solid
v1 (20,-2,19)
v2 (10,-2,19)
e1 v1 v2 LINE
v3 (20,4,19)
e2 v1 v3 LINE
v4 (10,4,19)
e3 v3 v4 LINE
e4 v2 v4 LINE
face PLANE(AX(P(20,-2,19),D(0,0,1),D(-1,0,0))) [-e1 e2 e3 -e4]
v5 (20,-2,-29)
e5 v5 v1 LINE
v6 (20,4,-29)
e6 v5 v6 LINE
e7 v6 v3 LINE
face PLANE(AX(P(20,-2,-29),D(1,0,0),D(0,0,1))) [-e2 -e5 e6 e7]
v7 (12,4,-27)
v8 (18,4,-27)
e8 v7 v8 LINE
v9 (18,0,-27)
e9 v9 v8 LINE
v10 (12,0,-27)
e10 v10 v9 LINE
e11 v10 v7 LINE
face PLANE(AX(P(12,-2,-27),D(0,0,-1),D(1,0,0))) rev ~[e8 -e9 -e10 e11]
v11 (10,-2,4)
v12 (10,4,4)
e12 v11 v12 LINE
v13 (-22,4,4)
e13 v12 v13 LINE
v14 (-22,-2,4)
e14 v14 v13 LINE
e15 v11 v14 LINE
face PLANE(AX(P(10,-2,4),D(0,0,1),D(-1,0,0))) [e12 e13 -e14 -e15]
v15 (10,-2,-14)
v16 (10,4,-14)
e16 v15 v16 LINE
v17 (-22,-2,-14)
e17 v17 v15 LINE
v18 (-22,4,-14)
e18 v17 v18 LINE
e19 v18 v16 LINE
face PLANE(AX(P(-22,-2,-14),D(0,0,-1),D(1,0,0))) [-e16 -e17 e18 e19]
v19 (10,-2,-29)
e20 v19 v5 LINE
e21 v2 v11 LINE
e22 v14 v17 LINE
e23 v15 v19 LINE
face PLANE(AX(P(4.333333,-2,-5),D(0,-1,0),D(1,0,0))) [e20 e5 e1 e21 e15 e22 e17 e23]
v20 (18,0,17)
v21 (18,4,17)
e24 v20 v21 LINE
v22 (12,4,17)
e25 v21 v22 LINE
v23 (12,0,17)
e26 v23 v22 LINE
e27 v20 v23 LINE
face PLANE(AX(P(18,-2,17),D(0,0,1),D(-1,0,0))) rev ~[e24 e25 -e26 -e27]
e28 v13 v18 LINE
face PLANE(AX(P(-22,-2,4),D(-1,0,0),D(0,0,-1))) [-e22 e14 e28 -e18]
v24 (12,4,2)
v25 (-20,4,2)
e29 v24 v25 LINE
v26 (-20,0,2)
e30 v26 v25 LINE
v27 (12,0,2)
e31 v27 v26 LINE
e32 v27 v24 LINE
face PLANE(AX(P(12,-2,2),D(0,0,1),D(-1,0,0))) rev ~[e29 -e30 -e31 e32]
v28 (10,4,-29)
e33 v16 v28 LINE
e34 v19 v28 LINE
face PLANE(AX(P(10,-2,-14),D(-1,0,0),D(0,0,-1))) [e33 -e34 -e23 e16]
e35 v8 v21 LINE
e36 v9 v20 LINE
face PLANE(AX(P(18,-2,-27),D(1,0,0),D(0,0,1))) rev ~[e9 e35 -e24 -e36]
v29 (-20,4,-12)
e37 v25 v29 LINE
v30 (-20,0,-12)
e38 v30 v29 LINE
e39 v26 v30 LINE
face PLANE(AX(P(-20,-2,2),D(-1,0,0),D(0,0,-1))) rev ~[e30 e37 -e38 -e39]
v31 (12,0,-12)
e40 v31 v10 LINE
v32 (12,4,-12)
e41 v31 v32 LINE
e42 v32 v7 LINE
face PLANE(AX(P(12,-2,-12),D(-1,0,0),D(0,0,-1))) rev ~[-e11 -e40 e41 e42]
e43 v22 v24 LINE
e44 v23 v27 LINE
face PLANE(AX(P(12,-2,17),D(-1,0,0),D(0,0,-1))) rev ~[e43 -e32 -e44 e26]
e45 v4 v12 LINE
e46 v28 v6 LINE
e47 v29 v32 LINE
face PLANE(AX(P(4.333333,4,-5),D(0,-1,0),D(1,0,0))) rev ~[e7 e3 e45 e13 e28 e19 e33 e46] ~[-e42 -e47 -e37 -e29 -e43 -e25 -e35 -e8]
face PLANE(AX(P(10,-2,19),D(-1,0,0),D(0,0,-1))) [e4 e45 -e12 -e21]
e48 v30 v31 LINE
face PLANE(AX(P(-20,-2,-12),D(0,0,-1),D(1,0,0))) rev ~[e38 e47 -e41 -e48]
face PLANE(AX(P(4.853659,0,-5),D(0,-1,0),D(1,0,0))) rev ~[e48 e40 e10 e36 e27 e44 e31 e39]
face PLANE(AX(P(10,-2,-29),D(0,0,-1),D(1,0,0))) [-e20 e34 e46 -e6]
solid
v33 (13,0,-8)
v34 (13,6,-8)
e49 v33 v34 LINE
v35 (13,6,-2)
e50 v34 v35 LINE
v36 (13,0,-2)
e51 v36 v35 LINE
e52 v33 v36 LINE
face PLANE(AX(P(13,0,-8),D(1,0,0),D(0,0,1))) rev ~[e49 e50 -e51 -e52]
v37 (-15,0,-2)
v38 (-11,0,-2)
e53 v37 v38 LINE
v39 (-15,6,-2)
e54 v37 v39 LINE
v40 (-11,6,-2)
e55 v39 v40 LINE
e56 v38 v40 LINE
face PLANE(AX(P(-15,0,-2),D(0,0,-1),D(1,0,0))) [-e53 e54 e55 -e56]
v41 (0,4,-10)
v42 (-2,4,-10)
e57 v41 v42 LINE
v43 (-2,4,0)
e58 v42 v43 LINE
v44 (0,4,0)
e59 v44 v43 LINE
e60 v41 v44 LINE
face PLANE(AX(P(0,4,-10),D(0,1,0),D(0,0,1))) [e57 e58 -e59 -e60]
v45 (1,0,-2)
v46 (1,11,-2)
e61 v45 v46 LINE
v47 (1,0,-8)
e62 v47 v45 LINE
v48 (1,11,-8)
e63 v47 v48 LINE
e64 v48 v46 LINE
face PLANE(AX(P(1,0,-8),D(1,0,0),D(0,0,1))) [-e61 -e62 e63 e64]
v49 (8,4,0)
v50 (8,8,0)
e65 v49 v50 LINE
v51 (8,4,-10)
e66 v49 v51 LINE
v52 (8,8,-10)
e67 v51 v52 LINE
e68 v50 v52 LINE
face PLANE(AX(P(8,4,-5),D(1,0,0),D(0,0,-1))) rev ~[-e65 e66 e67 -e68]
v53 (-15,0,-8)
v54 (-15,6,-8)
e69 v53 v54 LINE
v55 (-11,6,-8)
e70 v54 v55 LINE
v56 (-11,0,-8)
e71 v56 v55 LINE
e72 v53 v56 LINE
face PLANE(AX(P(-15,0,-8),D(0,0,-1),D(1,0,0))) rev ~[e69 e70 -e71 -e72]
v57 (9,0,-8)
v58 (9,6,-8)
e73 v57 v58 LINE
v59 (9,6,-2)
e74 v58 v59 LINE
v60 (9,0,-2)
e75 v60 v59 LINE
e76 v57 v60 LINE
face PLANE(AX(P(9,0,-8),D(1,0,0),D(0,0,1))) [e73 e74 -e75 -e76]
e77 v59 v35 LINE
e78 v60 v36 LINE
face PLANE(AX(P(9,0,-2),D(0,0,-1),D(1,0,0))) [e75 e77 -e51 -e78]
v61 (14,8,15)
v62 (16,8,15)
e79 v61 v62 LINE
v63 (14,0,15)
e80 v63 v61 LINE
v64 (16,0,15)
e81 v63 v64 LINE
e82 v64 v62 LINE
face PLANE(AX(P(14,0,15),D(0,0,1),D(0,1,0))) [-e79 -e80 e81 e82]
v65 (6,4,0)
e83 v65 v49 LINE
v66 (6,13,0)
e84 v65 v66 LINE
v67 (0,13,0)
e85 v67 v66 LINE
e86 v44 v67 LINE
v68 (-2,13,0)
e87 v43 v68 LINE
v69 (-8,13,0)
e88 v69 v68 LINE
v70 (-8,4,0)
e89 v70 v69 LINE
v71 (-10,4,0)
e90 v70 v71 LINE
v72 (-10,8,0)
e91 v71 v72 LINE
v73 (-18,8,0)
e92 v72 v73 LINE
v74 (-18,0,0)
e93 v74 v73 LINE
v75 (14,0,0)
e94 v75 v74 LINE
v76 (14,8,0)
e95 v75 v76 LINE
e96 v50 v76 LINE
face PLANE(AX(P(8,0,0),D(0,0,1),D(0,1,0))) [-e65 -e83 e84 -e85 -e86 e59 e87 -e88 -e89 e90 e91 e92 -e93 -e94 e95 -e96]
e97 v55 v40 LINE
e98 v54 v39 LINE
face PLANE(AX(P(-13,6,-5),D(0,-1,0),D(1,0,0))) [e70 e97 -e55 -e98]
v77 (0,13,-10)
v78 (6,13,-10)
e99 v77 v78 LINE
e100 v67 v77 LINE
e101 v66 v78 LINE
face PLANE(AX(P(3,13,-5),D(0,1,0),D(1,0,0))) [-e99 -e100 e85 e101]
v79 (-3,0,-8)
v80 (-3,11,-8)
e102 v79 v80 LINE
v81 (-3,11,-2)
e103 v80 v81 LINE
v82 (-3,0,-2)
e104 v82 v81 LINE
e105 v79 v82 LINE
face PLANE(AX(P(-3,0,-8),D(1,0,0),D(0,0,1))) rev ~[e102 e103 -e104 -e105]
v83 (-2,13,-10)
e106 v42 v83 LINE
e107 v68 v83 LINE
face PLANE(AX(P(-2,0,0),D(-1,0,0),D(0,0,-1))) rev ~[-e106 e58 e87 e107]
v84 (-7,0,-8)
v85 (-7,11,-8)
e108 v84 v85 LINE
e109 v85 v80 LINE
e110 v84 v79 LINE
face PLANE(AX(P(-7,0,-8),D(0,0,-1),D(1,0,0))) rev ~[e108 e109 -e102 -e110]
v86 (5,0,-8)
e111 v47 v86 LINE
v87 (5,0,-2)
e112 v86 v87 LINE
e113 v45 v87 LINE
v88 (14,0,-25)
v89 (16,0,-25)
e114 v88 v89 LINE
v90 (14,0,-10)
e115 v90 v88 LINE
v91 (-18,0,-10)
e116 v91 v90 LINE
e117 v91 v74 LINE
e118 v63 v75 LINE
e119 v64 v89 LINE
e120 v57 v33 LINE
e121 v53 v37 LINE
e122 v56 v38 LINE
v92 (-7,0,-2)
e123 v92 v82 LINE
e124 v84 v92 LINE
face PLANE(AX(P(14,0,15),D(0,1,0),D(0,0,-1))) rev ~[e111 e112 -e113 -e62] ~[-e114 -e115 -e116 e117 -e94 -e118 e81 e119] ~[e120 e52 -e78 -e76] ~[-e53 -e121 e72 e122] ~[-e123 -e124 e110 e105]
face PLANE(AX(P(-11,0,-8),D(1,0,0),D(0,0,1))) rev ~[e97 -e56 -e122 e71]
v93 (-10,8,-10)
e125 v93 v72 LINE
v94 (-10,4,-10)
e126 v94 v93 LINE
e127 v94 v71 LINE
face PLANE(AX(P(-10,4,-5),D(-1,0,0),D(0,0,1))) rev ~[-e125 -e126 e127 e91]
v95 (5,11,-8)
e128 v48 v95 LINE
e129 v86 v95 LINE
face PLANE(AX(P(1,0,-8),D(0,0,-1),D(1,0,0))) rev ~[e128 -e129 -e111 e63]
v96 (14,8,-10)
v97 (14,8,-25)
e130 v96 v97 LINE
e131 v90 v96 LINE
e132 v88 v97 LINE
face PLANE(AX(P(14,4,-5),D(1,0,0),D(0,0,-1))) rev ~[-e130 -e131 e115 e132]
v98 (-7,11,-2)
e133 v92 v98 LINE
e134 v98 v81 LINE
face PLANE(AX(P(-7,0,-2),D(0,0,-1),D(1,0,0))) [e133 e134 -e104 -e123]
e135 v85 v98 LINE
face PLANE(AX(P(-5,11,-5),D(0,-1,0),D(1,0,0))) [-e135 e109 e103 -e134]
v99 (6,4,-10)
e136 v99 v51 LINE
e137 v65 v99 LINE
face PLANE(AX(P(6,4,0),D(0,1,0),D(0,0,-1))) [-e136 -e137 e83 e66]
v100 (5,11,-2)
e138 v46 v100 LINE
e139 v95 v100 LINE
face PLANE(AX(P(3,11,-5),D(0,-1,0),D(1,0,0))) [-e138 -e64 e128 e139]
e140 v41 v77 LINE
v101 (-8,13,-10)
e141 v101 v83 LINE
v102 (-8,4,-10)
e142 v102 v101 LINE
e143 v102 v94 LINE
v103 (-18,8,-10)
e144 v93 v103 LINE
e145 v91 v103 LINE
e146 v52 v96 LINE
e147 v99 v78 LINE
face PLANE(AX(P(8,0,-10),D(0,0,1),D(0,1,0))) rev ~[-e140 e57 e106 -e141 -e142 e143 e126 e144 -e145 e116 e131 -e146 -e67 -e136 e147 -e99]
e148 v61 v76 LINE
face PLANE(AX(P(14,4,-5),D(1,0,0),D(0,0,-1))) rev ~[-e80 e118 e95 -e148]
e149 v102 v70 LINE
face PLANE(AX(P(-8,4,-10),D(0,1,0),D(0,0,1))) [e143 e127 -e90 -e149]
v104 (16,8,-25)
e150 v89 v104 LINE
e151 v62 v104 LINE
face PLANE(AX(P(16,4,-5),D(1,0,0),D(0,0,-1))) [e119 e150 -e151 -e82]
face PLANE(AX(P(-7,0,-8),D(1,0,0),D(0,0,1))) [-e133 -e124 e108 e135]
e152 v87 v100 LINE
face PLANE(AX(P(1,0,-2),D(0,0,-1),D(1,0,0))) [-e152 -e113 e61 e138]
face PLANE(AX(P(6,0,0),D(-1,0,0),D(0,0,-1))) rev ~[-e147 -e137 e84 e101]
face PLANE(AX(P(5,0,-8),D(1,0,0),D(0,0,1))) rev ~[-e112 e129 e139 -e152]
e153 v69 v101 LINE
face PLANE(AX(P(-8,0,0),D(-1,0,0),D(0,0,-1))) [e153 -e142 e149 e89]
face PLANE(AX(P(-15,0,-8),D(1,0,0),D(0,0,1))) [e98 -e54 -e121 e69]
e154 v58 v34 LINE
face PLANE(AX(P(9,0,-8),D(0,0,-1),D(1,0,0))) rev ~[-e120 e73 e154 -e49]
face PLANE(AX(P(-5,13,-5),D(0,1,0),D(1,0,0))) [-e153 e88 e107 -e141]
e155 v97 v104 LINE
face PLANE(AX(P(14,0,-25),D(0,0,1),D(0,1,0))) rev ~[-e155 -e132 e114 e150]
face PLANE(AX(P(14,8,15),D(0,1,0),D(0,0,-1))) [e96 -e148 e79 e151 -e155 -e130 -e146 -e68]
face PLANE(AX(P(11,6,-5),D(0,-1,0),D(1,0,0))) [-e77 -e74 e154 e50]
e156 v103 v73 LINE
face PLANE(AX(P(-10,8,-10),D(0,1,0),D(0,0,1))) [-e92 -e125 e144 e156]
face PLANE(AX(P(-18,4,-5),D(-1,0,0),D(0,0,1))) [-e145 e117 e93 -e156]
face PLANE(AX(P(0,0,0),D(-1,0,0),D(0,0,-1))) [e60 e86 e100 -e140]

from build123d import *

# Parameters (mm, degrees)
SKETCH1_W            = 6
SKETCH1_H            = 10
BOSS_EXTRUDE1_DEPTH  = 13
SKETCH2_W            = 4
SKETCH2_H            = 6
CUT_EXTRUDE1_DEPTH   = 11
SKETCH3_W            = 10
SKETCH3_H            = 4
BOSS_EXTRUDE2_DEPTH  = 2
LPATTERN1_COUNT      = 2
LPATTERN1_PITCH      = 8
SKETCH18_W           = 10
SKETCH18_H           = 8
BOSS_EXTRUDE3_DEPTH  = 8
SKETCH20_W           = 10
SKETCH20_H           = 4
BOSS_EXTRUDE4_DEPTH  = 2
SKETCH21_W           = 10
SKETCH21_H           = 8
BOSS_EXTRUDE5_DEPTH  = 6
SKETCH22_W           = 40
SKETCH22_H           = 8
BOSS_EXTRUDE6_DEPTH  = 2
SKETCH23_W           = 4
SKETCH23_H           = 6
CUT_EXTRUDE2_DEPTH   = 6
BOSS_EXTRUDE15_DEPTH = 2
BOSS_EXTRUDE16_DEPTH = 6


with BuildPart() as part:
    # Sketch1 → Boss-Extrude1 (new body)
    with BuildSketch(Plane(origin=(0, 0, 0), x_dir=(1, 0, 0), z_dir=(0, 1, 0))):
        with Locations((3, 5)):
            Rectangle(SKETCH1_W, SKETCH1_H)
    extrude(amount=BOSS_EXTRUDE1_DEPTH)

    # Sketch2 → Cut-Extrude1 (cut)
    with BuildSketch(Plane.XZ):
        with Locations((3, -5)):
            Rectangle(SKETCH2_W, SKETCH2_H)
    extrude(amount=-CUT_EXTRUDE1_DEPTH, mode=Mode.SUBTRACT)

    # Sketch3 → Boss-Extrude2 (add)
    with BuildSketch(Plane.ZY):
        with Locations((-5, 2)):
            Rectangle(SKETCH3_W, SKETCH3_H)
    extrude(amount=BOSS_EXTRUDE2_DEPTH)


with BuildPart() as lpattern1_1:
    # LPattern1: pattern copy
    add(part.part.moved(Location(Vector(-1, 0, 0) * (1 * LPATTERN1_PITCH))))

    # Sketch18 → Boss-Extrude3 (add)
    with BuildSketch(Plane.ZY.offset(10)):
        with Locations((-5, 4)):
            Rectangle(SKETCH18_W, SKETCH18_H)
    extrude(amount=BOSS_EXTRUDE3_DEPTH)


with BuildPart() as part_1:
    add(part.part)

    # Sketch20 → Boss-Extrude4 (add)
    with BuildSketch(Plane(origin=(6, 0, 0), x_dir=(0, 0, -1), z_dir=(1, 0, 0))):
        with Locations((5, 2)):
            Rectangle(SKETCH20_W, SKETCH20_H)
    extrude(amount=BOSS_EXTRUDE4_DEPTH)

    # Sketch21 → Boss-Extrude5 (add)
    with BuildSketch(Plane(origin=(8, 0, 0), x_dir=(0, 0, -1), z_dir=(1, 0, 0))):
        with Locations((5, 4)):
            Rectangle(SKETCH21_W, SKETCH21_H)
    extrude(amount=BOSS_EXTRUDE5_DEPTH)

    # Sketch22 → Boss-Extrude6 (add)
    with BuildSketch(Plane(origin=(14, 0, 0), x_dir=(0, 0, -1), z_dir=(1, 0, 0))):
        with Locations((5, 4)):
            Rectangle(SKETCH22_W, SKETCH22_H)
    extrude(amount=BOSS_EXTRUDE6_DEPTH)


with BuildPart() as cut_extrude2_tool:
    # Sketch23 → Cut-Extrude2 (new body)
    with BuildSketch(Plane.XZ):
        with Locations((11, -5)):
            Rectangle(SKETCH23_W, SKETCH23_H)
        with Locations((-13, -5)):
            Rectangle(SKETCH23_W, SKETCH23_H)
    extrude(amount=-CUT_EXTRUDE2_DEPTH)


with BuildPart() as part_2:
    add(part_1.part)

    # Cut-Extrude2: cut by cut_extrude2_tool
    add(cut_extrude2_tool.part, mode=Mode.SUBTRACT)


with BuildPart() as lpattern1_1_1:
    add(lpattern1_1.part)

    # Cut-Extrude2: cut by cut_extrude2_tool
    add(cut_extrude2_tool.part, mode=Mode.SUBTRACT)

    # Combine1: union part
    add(part_2.part)


with BuildPart() as body_2:
    # Sketch33 → Boss-Extrude15 (new body)
    with BuildSketch(Plane.XZ):
        Polygon((12, 2), (-20, 2), (-20, -12), (12, -12), (12, -27), (18, -27), (18, 17), (12, 17), align=None)
    extrude(amount=BOSS_EXTRUDE15_DEPTH)

    # Sketch34 → Boss-Extrude16 (add)
    with BuildSketch(Plane.XZ.offset(2)):
        Polygon((10, 19), (10, 4), (-22, 4), (-22, -14), (10, -14), (10, -29), (20, -29), (20, 19), align=None)
        Polygon((12, 17), (12, 2), (-20, 2), (-20, -12), (12, -12), (12, -27), (18, -27), (18, 17), align=None, mode=Mode.SUBTRACT)
    extrude(amount=-BOSS_EXTRUDE16_DEPTH)


solid = Compound([lpattern1_1_1.part, body_2.part])
